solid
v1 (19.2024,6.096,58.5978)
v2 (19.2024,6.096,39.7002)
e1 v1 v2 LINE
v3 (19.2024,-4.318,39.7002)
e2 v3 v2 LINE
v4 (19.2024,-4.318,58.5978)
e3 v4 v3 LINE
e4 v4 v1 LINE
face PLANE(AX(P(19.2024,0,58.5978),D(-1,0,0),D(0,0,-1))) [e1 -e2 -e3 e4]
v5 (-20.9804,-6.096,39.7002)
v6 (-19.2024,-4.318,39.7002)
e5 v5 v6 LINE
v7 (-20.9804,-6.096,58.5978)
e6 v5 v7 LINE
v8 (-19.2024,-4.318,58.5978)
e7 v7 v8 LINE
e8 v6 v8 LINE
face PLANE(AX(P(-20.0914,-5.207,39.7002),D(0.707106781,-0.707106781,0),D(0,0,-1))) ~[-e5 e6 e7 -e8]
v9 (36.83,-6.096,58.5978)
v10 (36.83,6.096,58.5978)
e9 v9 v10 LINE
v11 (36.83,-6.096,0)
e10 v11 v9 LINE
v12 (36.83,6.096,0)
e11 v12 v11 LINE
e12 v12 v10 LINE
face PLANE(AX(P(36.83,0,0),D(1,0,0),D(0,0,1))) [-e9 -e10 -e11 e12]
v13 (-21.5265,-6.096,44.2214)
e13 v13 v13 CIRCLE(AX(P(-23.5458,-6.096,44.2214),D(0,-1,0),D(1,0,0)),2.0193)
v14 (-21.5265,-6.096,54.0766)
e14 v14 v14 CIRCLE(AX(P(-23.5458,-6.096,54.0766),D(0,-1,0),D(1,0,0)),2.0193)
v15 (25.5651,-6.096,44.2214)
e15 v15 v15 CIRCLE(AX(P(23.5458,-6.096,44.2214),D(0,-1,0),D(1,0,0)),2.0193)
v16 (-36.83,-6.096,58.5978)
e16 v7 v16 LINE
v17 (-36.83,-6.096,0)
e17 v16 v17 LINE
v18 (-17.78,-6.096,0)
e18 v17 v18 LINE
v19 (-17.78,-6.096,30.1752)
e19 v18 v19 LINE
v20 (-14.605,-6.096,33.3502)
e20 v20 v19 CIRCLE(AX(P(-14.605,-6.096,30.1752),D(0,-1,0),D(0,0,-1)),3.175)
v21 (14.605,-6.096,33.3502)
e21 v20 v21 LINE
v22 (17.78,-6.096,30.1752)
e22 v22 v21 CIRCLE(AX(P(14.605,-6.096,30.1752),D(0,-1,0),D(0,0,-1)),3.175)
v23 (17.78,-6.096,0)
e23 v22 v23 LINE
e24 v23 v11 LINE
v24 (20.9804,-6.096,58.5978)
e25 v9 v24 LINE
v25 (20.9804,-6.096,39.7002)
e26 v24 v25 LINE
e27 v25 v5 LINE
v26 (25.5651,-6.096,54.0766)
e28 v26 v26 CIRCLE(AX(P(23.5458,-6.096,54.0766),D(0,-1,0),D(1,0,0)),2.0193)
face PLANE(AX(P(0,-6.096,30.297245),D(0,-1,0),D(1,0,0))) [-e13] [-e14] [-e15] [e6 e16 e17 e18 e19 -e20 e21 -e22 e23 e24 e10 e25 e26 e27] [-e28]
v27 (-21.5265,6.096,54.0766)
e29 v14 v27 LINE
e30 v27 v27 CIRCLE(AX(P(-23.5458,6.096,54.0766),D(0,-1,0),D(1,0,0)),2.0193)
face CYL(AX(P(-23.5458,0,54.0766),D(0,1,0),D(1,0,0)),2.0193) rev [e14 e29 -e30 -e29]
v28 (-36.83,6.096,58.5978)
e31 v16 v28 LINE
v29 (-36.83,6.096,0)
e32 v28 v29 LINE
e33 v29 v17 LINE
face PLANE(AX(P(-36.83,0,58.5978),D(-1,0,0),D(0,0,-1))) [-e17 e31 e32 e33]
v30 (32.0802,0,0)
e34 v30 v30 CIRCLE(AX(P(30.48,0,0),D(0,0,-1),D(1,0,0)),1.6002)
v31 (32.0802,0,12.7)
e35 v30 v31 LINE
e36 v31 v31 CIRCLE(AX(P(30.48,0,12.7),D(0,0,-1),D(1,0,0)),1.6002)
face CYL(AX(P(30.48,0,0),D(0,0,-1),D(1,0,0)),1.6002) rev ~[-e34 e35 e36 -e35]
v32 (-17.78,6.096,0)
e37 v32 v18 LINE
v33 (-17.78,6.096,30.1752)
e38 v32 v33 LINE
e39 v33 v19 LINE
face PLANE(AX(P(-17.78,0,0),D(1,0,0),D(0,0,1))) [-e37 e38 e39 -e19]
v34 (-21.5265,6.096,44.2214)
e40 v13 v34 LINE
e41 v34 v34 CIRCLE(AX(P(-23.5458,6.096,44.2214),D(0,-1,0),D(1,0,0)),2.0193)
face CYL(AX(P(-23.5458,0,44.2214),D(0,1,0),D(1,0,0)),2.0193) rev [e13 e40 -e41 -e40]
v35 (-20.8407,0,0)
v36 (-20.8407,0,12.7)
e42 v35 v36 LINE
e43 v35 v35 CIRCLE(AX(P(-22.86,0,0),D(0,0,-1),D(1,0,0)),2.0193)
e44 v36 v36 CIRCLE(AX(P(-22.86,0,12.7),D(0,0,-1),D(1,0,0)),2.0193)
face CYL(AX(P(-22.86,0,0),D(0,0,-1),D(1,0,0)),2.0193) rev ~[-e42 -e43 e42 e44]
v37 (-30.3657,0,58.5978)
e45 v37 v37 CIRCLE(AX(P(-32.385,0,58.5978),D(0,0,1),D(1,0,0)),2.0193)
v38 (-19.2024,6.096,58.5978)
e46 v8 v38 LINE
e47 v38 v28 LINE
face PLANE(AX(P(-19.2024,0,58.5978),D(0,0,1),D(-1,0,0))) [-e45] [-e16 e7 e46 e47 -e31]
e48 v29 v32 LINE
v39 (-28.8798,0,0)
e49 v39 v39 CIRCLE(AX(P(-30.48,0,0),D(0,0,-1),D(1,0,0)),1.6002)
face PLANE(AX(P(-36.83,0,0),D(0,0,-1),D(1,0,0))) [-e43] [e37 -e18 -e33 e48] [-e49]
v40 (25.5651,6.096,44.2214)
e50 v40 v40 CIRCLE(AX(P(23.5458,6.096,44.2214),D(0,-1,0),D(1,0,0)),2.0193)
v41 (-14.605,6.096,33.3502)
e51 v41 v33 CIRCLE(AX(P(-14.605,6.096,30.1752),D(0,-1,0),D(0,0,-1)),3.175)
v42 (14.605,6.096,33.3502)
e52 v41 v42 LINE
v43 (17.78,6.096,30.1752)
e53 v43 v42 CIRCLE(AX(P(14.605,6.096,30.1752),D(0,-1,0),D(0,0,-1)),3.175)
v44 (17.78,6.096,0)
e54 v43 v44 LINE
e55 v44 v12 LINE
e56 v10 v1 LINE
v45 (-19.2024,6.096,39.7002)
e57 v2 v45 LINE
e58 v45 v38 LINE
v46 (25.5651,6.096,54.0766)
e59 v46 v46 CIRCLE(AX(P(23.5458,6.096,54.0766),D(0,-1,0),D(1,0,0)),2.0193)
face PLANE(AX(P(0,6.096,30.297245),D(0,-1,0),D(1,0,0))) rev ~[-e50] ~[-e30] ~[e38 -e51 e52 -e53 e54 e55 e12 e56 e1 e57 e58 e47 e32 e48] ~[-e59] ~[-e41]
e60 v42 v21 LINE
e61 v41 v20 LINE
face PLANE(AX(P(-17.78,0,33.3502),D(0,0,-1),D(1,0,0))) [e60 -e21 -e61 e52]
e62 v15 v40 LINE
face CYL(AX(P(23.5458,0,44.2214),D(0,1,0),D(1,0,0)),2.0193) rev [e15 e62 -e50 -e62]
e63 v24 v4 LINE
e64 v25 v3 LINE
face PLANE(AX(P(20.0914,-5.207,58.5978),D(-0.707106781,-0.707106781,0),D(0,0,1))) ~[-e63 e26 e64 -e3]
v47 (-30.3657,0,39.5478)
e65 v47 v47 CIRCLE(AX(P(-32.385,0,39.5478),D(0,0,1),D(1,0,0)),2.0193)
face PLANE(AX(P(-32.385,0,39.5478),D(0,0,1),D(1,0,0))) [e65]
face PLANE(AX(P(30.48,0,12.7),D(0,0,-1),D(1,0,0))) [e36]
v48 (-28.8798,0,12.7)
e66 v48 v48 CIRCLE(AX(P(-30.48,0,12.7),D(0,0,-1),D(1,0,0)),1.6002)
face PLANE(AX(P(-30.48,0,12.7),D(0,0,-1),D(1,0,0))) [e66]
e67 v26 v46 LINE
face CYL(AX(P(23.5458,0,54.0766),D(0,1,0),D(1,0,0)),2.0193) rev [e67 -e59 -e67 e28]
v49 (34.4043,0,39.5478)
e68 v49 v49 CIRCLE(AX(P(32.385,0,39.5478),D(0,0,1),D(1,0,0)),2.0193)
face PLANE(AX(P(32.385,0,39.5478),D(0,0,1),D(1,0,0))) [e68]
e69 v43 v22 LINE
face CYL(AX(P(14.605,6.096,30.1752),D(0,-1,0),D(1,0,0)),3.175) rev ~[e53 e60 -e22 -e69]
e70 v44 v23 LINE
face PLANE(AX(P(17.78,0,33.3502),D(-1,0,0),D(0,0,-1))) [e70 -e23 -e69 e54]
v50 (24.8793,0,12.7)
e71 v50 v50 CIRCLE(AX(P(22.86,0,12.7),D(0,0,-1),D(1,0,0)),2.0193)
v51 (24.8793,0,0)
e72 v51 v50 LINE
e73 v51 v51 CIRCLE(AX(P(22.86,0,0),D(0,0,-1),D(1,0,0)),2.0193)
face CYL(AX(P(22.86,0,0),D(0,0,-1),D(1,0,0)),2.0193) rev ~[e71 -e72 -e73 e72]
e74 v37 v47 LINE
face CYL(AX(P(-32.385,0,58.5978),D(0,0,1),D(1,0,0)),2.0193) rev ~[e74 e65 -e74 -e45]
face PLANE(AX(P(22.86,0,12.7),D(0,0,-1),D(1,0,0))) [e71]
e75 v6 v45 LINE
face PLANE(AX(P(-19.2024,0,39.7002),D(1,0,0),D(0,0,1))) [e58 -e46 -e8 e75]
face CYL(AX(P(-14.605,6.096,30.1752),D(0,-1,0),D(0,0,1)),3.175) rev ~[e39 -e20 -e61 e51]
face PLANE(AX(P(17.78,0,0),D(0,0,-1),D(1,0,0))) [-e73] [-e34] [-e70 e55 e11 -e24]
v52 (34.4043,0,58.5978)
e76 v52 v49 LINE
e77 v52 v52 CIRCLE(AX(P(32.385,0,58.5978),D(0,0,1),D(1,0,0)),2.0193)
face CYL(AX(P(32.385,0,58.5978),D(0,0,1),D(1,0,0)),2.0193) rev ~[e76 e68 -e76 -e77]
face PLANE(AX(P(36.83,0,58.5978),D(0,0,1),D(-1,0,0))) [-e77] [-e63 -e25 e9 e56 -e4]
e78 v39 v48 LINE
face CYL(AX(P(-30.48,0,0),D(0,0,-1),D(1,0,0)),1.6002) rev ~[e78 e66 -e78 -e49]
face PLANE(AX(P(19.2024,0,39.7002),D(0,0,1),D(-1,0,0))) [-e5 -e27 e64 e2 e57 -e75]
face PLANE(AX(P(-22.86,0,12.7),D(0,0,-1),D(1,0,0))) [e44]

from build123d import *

# Parameters (mm, degrees)
F0_R     = 2.0193
F1_DEPTH = 6.096
F2_R     = 2.0193
F3_DEPTH = 19.05
F4_R     = 1.6002
F4_R_2   = 2.0193
F5_DEPTH = 12.7
F6_SIZE  = 1.778
F7_R     = 3.175


with BuildPart() as f1:
    # F0 (on Front) → F1 (new body, symmetric)
    with BuildSketch(Plane.XZ):
        Polygon((-36.83, 58.5978), (-36.83, 0), (-17.78, 0), (-17.78, 33.3502), (17.78, 33.3502), (17.78, 0), (36.83, 0), (36.83, 58.5978), (19.2024, 58.5978), (19.2024, 39.7002), (-19.2024, 39.7002), (-19.2024, 58.5978), align=None)
        with Locations((-23.5458, 44.2214)):
            Circle(F0_R, mode=Mode.SUBTRACT)
        with Locations((-23.5458, 54.0766)):
            Circle(F0_R, mode=Mode.SUBTRACT)
        with Locations((23.5458, 44.2214)):
            Circle(F0_R, mode=Mode.SUBTRACT)
        with Locations((23.5458, 54.0766)):
            Circle(F0_R, mode=Mode.SUBTRACT)
    extrude(amount=F1_DEPTH, both=True)

    # F2 (on face) → F3 (cut)
    with BuildSketch(Plane.XY.offset(58.5978)):
        with Locations((-32.385, 0)):
            Circle(F2_R)
        with Locations((32.385, 0)):
            Circle(F2_R)
    extrude(amount=-F3_DEPTH, mode=Mode.SUBTRACT)

    # F4 (on face) → F5 (cut)
    with BuildSketch(Plane(origin=(0, 0, 0), x_dir=(1, 0, 0), z_dir=(0, 0, -1))):
        with Locations((30.48, 0)):
            Circle(F4_R)
        with Locations((22.86, 0)):
            Circle(F4_R_2)
        with Locations((-22.86, 0)):
            Circle(F4_R_2)
        with Locations((-30.48, 0)):
            Circle(F4_R)
    extrude(amount=-F5_DEPTH, mode=Mode.SUBTRACT)

    # F6
    f6_edges = [f1.edges().sort_by_distance(p)[0] for p in [
        (-19.2024, -6.096, 49.149),
        (19.2024, -6.096, 49.149),
    ]]
    chamfer(f6_edges, length=F6_SIZE)

    # F7
    f7_edges = [f1.edges().sort_by_distance(p)[0] for p in [
        (-17.78, 0, 33.3502),
        (17.78, 0, 33.3502),
    ]]
    fillet(f7_edges, radius=F7_R)


solid = f1.part
